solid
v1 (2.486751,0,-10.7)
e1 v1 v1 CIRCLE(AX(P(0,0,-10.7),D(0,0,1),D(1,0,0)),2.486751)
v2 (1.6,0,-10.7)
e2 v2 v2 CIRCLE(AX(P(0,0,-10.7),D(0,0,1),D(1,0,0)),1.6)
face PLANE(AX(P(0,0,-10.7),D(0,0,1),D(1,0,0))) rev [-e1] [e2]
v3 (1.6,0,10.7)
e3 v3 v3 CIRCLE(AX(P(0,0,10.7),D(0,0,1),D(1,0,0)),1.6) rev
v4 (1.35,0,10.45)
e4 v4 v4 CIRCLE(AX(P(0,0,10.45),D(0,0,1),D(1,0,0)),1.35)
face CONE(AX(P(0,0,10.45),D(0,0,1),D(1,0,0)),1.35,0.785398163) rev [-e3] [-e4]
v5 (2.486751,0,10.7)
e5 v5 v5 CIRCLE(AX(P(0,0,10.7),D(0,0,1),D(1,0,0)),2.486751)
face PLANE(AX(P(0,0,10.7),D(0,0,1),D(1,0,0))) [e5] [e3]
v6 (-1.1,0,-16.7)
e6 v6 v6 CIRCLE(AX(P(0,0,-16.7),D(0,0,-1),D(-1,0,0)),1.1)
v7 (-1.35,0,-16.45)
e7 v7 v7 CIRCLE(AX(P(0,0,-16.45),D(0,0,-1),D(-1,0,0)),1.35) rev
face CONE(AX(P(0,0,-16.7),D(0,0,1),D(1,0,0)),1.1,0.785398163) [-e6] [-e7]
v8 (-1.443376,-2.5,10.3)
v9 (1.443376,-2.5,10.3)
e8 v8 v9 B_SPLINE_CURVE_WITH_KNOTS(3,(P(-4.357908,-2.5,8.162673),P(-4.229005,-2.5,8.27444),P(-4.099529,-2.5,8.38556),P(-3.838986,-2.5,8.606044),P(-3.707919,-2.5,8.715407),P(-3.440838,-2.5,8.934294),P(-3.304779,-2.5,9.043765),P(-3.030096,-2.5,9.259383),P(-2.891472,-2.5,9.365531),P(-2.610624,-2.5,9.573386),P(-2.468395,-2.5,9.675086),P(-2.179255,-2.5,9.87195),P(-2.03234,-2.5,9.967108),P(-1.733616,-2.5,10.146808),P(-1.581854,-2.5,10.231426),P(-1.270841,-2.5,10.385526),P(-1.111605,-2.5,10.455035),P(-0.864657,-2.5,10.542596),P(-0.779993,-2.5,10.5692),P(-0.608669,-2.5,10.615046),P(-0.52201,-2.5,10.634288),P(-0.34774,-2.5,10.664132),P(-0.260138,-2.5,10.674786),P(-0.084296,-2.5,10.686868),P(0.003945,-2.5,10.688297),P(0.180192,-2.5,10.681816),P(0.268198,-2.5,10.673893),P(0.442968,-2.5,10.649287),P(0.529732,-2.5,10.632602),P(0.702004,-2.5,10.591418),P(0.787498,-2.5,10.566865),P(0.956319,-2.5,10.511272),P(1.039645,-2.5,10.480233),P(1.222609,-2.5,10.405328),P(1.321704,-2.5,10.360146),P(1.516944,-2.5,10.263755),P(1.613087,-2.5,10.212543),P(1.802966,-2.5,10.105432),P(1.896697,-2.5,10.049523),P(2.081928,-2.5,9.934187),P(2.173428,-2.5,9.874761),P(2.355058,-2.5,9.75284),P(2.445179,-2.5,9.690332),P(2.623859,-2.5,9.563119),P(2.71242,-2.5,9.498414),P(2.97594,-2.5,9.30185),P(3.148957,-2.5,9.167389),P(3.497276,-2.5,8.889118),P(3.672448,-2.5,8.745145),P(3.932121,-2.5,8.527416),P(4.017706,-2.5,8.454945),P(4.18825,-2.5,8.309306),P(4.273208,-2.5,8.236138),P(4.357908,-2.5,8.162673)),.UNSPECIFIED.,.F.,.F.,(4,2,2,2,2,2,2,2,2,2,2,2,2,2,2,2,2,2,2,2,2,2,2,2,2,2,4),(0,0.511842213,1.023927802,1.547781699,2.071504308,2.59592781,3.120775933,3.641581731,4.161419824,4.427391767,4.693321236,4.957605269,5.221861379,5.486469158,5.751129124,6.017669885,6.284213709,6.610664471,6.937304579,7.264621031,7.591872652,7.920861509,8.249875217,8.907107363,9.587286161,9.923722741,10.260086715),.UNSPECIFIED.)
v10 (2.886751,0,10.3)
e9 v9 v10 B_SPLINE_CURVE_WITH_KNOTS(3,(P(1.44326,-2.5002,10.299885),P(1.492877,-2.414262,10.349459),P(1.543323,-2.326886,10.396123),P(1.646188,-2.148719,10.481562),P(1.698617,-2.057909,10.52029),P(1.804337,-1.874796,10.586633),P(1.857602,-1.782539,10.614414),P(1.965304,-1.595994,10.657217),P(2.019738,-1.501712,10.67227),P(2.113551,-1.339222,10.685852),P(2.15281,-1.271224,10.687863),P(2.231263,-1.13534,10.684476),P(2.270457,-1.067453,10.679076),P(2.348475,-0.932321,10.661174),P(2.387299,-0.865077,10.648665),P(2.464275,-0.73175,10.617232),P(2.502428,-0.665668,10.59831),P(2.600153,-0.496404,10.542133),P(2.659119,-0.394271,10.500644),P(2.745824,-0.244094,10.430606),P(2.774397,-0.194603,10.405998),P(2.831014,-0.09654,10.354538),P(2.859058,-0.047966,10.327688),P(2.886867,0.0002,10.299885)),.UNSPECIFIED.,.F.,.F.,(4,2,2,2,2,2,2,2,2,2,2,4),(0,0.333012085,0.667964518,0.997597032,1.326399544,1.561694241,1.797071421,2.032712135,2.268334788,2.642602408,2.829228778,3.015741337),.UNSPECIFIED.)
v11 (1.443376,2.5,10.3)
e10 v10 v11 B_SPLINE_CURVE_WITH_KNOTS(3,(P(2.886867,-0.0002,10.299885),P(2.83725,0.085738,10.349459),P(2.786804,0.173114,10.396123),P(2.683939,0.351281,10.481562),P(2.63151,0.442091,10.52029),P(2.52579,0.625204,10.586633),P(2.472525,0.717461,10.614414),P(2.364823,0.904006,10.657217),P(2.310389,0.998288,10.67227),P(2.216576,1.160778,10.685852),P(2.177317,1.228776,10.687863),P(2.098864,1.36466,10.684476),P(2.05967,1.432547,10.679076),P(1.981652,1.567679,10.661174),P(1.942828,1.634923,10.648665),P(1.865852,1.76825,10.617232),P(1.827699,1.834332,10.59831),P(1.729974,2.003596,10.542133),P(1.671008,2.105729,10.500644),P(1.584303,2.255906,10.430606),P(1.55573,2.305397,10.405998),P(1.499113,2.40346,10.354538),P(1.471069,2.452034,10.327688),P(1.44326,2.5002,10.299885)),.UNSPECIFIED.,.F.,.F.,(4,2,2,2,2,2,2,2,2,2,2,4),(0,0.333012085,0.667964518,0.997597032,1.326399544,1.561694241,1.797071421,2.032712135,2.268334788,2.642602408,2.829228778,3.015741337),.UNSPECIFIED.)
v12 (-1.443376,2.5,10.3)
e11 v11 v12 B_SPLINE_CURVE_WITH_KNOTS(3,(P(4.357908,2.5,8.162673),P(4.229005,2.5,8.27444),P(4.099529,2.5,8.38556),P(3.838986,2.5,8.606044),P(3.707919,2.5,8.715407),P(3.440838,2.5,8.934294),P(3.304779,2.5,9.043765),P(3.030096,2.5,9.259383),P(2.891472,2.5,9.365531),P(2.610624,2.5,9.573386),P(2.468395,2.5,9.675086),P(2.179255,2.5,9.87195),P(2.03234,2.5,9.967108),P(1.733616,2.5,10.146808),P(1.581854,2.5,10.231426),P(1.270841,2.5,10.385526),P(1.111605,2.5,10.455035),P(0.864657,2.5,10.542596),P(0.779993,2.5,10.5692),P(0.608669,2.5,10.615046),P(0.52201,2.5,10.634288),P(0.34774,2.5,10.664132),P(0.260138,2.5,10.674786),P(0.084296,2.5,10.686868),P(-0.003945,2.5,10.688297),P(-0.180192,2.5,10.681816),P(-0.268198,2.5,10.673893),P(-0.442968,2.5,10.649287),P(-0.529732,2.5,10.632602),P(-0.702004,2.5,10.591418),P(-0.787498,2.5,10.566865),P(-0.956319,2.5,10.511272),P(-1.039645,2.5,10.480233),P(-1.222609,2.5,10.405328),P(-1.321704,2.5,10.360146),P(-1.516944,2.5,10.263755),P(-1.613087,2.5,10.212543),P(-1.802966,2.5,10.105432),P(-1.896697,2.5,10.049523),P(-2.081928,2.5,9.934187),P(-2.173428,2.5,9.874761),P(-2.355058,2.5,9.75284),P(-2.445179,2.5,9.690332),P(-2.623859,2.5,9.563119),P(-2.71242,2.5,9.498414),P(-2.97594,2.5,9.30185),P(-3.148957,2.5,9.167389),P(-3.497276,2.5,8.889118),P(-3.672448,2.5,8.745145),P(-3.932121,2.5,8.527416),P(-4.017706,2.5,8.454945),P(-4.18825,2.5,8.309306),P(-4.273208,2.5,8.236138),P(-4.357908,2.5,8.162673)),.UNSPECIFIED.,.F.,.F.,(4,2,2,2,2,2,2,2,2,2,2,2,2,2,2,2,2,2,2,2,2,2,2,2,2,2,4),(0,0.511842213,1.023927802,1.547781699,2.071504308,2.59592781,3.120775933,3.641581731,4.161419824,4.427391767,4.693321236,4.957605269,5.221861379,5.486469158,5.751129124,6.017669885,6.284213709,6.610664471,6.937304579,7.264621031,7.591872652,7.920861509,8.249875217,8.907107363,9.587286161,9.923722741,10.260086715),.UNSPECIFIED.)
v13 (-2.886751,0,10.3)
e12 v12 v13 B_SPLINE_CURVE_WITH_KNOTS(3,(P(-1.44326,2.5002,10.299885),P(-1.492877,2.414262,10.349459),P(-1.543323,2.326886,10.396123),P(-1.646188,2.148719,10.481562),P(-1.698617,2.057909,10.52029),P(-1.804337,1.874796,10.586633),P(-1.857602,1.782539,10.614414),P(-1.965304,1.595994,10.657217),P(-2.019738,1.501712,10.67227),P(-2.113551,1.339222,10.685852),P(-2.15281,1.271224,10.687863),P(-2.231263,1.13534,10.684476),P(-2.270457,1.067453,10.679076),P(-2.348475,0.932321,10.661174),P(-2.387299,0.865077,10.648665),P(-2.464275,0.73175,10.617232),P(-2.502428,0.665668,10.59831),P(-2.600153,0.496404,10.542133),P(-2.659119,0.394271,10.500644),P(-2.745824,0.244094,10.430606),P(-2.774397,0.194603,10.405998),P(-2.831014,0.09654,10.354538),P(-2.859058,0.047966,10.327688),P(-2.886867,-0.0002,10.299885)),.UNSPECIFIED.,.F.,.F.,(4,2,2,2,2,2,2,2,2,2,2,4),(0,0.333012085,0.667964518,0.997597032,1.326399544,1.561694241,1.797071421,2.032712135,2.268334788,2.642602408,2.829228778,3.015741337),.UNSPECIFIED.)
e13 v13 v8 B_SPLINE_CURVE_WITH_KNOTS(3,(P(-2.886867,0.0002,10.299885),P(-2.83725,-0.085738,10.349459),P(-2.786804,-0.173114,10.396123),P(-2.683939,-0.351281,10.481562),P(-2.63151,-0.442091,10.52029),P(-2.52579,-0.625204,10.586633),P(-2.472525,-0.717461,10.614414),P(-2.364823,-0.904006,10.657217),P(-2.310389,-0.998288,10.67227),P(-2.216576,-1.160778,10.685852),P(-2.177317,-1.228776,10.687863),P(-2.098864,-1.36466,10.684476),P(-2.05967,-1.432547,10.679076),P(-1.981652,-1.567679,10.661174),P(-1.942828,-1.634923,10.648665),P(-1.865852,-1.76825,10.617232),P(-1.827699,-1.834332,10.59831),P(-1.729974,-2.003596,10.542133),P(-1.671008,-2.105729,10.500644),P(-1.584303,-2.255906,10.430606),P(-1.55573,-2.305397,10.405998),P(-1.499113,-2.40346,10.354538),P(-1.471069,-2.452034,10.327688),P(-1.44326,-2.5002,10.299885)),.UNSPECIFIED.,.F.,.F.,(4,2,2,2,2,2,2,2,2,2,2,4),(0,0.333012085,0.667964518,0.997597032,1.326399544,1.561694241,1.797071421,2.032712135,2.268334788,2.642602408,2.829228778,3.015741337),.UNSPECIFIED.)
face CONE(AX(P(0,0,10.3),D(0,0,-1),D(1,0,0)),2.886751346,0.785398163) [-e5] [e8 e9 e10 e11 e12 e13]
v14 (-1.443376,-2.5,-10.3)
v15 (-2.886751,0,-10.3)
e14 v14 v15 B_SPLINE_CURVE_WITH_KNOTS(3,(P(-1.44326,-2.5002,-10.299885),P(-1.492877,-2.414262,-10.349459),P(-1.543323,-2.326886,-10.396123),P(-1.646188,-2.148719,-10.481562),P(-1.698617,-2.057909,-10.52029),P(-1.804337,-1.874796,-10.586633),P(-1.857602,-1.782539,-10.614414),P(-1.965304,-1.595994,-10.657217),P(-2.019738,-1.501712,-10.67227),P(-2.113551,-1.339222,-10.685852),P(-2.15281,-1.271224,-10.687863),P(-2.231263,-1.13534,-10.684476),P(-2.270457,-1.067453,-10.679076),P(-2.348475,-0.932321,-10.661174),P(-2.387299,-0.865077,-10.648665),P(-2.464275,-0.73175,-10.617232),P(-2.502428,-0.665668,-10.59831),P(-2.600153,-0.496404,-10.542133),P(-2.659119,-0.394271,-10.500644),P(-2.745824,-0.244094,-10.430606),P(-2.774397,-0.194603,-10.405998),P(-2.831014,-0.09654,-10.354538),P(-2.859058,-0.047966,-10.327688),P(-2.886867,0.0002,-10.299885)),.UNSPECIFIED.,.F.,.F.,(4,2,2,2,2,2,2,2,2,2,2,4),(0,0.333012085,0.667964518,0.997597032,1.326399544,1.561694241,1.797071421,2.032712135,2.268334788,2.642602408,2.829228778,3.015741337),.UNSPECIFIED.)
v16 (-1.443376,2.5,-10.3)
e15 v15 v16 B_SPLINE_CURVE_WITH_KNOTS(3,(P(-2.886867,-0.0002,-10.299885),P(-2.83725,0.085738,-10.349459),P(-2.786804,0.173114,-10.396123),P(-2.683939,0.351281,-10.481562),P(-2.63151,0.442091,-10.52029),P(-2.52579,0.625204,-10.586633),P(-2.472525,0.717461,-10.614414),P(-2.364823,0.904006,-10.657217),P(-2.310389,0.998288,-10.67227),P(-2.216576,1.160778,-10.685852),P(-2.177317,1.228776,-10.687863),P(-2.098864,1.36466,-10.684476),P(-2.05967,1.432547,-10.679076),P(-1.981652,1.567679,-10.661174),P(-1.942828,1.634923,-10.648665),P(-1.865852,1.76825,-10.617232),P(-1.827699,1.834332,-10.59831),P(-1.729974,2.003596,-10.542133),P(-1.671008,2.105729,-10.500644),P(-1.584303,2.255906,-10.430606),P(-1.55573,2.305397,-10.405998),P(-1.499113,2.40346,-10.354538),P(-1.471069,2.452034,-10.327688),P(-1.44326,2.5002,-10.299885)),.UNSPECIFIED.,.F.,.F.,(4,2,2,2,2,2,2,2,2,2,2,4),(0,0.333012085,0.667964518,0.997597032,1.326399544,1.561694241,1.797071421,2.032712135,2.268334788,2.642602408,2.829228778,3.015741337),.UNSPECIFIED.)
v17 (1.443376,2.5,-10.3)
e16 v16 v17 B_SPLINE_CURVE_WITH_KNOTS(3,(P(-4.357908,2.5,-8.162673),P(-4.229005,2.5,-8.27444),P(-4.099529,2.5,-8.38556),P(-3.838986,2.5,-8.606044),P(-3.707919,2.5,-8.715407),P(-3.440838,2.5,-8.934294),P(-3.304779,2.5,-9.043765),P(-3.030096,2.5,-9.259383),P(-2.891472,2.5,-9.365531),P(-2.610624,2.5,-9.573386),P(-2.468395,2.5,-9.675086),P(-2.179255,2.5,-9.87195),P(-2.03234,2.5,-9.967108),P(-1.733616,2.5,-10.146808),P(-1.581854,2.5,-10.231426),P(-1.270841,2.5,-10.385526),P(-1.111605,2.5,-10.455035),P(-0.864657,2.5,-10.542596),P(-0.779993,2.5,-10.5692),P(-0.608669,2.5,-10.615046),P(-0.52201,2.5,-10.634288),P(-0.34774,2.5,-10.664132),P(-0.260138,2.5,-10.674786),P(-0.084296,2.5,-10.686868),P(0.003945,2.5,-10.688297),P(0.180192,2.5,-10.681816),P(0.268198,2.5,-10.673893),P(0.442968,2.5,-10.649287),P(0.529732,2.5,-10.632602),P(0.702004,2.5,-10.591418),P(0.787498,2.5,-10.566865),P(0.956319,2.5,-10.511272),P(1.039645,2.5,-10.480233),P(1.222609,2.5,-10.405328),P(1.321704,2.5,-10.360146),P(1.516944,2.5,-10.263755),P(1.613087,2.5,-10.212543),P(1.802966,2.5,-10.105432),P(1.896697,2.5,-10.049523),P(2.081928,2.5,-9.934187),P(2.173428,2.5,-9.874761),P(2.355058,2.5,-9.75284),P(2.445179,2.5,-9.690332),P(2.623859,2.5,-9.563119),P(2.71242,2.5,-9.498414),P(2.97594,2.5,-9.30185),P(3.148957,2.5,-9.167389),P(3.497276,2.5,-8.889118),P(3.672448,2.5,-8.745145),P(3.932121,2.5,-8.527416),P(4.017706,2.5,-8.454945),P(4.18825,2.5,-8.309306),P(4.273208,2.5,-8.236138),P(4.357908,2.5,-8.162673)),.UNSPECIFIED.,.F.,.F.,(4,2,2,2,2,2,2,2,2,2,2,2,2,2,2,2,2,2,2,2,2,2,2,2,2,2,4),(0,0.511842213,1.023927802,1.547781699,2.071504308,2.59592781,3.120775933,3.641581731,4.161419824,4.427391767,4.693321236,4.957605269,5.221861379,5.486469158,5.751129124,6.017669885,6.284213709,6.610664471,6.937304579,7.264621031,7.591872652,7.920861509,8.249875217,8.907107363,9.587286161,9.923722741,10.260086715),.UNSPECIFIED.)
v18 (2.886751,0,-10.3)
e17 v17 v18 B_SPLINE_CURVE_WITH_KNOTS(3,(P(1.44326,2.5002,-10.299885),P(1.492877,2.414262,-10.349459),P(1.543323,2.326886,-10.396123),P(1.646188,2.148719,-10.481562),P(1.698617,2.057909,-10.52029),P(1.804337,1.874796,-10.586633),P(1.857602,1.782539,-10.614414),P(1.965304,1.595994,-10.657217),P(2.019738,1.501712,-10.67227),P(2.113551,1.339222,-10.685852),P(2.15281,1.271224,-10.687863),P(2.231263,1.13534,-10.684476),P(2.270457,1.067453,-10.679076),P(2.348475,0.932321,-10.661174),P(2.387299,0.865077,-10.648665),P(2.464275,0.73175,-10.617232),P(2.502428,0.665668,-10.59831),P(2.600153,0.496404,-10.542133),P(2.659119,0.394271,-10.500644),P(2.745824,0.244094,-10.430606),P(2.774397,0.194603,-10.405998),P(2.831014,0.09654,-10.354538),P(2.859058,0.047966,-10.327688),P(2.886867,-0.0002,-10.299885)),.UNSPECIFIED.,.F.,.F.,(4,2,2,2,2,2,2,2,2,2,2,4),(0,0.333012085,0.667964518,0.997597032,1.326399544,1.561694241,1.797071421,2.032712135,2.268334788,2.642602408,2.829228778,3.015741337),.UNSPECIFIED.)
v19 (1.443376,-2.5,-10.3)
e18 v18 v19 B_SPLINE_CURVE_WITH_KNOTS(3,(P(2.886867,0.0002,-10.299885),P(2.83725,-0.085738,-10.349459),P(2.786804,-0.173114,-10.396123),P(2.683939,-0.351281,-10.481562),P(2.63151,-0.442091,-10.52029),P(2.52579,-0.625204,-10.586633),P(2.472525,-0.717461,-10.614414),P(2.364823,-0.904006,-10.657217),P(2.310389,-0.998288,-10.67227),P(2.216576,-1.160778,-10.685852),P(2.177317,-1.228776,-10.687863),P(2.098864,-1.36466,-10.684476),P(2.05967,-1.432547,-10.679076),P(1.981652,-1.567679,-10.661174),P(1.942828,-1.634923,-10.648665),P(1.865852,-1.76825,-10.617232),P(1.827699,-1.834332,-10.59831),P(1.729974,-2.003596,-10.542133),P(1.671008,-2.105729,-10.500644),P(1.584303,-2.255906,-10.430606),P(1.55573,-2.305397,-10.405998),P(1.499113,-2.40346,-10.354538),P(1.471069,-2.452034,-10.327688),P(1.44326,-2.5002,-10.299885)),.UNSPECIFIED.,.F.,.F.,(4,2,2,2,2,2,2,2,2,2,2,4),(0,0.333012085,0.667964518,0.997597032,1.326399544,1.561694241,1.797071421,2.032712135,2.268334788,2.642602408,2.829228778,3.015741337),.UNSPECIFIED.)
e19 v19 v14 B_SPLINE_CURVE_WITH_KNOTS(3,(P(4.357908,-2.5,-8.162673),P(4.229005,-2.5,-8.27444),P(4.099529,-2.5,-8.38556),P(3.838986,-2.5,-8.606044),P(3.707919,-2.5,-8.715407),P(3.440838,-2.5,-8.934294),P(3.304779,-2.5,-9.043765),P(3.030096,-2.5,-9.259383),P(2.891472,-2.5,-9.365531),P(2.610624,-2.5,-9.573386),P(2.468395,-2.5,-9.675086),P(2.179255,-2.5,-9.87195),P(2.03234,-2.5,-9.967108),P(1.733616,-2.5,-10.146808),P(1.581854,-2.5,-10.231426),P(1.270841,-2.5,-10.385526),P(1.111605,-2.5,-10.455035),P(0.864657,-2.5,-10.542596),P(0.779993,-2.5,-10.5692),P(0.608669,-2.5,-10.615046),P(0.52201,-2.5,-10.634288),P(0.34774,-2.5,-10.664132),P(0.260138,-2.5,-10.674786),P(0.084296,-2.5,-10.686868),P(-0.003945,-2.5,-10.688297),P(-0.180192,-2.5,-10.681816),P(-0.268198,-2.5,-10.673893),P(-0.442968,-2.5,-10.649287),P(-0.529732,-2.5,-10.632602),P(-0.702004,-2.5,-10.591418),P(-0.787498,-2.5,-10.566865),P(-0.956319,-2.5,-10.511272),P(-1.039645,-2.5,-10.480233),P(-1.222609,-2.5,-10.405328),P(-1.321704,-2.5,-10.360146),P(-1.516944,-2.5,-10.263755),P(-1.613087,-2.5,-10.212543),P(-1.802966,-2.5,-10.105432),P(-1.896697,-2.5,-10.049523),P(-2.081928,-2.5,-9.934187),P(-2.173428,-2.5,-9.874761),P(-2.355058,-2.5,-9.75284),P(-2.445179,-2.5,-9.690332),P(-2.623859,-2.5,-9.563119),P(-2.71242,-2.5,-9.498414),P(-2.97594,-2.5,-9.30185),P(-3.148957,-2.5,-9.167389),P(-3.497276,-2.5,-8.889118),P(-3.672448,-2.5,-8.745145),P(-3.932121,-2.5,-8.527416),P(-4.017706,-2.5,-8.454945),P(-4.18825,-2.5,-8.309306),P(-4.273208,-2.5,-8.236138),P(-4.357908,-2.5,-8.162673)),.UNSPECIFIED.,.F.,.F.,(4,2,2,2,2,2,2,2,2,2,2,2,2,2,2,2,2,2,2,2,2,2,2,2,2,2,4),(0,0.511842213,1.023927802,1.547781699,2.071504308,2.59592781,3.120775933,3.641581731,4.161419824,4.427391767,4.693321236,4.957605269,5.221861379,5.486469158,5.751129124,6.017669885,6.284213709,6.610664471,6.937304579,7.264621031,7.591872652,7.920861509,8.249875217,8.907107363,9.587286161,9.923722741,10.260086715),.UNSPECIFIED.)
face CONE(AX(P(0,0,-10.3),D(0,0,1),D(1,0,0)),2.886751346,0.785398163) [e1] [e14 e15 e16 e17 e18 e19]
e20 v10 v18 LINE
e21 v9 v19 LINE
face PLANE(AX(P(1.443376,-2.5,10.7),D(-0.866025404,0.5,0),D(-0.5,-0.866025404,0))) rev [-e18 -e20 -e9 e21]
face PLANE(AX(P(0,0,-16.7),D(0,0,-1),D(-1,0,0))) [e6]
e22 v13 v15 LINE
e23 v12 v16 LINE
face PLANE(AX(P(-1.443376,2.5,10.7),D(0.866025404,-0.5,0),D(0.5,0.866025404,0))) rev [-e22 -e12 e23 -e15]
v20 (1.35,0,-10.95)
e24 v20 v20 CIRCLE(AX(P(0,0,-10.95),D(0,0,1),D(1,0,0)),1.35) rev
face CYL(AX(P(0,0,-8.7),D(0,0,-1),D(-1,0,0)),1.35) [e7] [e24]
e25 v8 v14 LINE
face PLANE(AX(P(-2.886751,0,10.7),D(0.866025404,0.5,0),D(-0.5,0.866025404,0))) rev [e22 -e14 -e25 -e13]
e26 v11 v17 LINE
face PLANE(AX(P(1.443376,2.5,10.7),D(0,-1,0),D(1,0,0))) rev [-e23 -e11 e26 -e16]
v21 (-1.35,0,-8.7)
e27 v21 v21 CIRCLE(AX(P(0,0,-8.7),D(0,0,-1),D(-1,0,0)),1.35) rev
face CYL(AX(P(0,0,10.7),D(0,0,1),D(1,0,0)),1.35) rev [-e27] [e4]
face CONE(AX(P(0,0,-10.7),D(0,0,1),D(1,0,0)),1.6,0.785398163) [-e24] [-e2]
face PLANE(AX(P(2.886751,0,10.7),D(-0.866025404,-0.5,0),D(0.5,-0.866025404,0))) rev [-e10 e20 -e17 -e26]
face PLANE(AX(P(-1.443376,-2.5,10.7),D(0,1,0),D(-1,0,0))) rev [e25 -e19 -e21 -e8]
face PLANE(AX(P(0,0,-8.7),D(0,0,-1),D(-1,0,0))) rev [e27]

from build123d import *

# Parameters (mm, degrees)
HEX_2_DEPTH                 = 10.7
TAP_DRILL_FOR_M3X0_5_TAP1_D = 2.7
THREAD_DEPTH                = 6
THREAD_DEPTH_BACK           = 2
SKETCH8_R                   = 1.35
INNERCHAMFER_SIZE           = 0.25


with BuildPart() as part:
    # Sketch1 → HEX 2 (new, symmetric)
    with BuildSketch(Plane.XY):
        Polygon((2.886751346, 0), (1.443375673, 2.5), (-1.443375673, 2.5), (-2.886751346, 0), (-1.443375673, -2.5), (1.443375673, -2.5), align=None)
    extrude(amount=HEX_2_DEPTH, both=True)

    # Tap Drill for M3x0.5 Tap1 (through all)
    with Locations(Plane.XY.offset(10.7)):
        with Locations((0, 0)):
            Hole(TAP_DRILL_FOR_M3X0_5_TAP1_D / 2)

    # Sketch7 → HexChamfer (revolve, cut)
    with BuildSketch(Plane(origin=(0, 0, 0), x_dir=(1, 0, 0), z_dir=(0, 1, 0)), mode=Mode.PRIVATE) as hexchamfer_sk:
        Polygon((-2.886751346, 10.7), (-2.886751346, 10.3), (-2.486751346, 10.7), align=None)
    hexchamfer = revolve(hexchamfer_sk.sketch.rotate(Axis((0, 0, 15.266742202), (0, 0, -1)), 180), axis=Axis((0, 0, 15.266742202), (0, 0, -1)), mode=Mode.SUBTRACT)

    # Mirror1: HexChamfer across plane
    add(hexchamfer.mirror(Plane.XY), mode=Mode.SUBTRACT)

    # Sketch8 → Thread (add, two sides: drawn at the far end of the back side and taken through both)
    with BuildSketch(Plane(origin=(0, 0, -10.7), x_dir=(-1, 0, 0), z_dir=(0, 0, -1)).offset(-THREAD_DEPTH_BACK)):
        with Locations(Location((0, 0, 0), (0, 0, 180))):
            Circle(SKETCH8_R)
    extrude(amount=THREAD_DEPTH + THREAD_DEPTH_BACK)

    # InnerChamfer
    innerchamfer_edges = [part.edges().sort_by_distance(p)[0] for p in [
        (1.35, 0, 10.7),
        (-1.35, 0, -10.7),
        (-1.35, 0, -16.7),
    ]]
    chamfer(innerchamfer_edges, length=INNERCHAMFER_SIZE)


solid = part.part
